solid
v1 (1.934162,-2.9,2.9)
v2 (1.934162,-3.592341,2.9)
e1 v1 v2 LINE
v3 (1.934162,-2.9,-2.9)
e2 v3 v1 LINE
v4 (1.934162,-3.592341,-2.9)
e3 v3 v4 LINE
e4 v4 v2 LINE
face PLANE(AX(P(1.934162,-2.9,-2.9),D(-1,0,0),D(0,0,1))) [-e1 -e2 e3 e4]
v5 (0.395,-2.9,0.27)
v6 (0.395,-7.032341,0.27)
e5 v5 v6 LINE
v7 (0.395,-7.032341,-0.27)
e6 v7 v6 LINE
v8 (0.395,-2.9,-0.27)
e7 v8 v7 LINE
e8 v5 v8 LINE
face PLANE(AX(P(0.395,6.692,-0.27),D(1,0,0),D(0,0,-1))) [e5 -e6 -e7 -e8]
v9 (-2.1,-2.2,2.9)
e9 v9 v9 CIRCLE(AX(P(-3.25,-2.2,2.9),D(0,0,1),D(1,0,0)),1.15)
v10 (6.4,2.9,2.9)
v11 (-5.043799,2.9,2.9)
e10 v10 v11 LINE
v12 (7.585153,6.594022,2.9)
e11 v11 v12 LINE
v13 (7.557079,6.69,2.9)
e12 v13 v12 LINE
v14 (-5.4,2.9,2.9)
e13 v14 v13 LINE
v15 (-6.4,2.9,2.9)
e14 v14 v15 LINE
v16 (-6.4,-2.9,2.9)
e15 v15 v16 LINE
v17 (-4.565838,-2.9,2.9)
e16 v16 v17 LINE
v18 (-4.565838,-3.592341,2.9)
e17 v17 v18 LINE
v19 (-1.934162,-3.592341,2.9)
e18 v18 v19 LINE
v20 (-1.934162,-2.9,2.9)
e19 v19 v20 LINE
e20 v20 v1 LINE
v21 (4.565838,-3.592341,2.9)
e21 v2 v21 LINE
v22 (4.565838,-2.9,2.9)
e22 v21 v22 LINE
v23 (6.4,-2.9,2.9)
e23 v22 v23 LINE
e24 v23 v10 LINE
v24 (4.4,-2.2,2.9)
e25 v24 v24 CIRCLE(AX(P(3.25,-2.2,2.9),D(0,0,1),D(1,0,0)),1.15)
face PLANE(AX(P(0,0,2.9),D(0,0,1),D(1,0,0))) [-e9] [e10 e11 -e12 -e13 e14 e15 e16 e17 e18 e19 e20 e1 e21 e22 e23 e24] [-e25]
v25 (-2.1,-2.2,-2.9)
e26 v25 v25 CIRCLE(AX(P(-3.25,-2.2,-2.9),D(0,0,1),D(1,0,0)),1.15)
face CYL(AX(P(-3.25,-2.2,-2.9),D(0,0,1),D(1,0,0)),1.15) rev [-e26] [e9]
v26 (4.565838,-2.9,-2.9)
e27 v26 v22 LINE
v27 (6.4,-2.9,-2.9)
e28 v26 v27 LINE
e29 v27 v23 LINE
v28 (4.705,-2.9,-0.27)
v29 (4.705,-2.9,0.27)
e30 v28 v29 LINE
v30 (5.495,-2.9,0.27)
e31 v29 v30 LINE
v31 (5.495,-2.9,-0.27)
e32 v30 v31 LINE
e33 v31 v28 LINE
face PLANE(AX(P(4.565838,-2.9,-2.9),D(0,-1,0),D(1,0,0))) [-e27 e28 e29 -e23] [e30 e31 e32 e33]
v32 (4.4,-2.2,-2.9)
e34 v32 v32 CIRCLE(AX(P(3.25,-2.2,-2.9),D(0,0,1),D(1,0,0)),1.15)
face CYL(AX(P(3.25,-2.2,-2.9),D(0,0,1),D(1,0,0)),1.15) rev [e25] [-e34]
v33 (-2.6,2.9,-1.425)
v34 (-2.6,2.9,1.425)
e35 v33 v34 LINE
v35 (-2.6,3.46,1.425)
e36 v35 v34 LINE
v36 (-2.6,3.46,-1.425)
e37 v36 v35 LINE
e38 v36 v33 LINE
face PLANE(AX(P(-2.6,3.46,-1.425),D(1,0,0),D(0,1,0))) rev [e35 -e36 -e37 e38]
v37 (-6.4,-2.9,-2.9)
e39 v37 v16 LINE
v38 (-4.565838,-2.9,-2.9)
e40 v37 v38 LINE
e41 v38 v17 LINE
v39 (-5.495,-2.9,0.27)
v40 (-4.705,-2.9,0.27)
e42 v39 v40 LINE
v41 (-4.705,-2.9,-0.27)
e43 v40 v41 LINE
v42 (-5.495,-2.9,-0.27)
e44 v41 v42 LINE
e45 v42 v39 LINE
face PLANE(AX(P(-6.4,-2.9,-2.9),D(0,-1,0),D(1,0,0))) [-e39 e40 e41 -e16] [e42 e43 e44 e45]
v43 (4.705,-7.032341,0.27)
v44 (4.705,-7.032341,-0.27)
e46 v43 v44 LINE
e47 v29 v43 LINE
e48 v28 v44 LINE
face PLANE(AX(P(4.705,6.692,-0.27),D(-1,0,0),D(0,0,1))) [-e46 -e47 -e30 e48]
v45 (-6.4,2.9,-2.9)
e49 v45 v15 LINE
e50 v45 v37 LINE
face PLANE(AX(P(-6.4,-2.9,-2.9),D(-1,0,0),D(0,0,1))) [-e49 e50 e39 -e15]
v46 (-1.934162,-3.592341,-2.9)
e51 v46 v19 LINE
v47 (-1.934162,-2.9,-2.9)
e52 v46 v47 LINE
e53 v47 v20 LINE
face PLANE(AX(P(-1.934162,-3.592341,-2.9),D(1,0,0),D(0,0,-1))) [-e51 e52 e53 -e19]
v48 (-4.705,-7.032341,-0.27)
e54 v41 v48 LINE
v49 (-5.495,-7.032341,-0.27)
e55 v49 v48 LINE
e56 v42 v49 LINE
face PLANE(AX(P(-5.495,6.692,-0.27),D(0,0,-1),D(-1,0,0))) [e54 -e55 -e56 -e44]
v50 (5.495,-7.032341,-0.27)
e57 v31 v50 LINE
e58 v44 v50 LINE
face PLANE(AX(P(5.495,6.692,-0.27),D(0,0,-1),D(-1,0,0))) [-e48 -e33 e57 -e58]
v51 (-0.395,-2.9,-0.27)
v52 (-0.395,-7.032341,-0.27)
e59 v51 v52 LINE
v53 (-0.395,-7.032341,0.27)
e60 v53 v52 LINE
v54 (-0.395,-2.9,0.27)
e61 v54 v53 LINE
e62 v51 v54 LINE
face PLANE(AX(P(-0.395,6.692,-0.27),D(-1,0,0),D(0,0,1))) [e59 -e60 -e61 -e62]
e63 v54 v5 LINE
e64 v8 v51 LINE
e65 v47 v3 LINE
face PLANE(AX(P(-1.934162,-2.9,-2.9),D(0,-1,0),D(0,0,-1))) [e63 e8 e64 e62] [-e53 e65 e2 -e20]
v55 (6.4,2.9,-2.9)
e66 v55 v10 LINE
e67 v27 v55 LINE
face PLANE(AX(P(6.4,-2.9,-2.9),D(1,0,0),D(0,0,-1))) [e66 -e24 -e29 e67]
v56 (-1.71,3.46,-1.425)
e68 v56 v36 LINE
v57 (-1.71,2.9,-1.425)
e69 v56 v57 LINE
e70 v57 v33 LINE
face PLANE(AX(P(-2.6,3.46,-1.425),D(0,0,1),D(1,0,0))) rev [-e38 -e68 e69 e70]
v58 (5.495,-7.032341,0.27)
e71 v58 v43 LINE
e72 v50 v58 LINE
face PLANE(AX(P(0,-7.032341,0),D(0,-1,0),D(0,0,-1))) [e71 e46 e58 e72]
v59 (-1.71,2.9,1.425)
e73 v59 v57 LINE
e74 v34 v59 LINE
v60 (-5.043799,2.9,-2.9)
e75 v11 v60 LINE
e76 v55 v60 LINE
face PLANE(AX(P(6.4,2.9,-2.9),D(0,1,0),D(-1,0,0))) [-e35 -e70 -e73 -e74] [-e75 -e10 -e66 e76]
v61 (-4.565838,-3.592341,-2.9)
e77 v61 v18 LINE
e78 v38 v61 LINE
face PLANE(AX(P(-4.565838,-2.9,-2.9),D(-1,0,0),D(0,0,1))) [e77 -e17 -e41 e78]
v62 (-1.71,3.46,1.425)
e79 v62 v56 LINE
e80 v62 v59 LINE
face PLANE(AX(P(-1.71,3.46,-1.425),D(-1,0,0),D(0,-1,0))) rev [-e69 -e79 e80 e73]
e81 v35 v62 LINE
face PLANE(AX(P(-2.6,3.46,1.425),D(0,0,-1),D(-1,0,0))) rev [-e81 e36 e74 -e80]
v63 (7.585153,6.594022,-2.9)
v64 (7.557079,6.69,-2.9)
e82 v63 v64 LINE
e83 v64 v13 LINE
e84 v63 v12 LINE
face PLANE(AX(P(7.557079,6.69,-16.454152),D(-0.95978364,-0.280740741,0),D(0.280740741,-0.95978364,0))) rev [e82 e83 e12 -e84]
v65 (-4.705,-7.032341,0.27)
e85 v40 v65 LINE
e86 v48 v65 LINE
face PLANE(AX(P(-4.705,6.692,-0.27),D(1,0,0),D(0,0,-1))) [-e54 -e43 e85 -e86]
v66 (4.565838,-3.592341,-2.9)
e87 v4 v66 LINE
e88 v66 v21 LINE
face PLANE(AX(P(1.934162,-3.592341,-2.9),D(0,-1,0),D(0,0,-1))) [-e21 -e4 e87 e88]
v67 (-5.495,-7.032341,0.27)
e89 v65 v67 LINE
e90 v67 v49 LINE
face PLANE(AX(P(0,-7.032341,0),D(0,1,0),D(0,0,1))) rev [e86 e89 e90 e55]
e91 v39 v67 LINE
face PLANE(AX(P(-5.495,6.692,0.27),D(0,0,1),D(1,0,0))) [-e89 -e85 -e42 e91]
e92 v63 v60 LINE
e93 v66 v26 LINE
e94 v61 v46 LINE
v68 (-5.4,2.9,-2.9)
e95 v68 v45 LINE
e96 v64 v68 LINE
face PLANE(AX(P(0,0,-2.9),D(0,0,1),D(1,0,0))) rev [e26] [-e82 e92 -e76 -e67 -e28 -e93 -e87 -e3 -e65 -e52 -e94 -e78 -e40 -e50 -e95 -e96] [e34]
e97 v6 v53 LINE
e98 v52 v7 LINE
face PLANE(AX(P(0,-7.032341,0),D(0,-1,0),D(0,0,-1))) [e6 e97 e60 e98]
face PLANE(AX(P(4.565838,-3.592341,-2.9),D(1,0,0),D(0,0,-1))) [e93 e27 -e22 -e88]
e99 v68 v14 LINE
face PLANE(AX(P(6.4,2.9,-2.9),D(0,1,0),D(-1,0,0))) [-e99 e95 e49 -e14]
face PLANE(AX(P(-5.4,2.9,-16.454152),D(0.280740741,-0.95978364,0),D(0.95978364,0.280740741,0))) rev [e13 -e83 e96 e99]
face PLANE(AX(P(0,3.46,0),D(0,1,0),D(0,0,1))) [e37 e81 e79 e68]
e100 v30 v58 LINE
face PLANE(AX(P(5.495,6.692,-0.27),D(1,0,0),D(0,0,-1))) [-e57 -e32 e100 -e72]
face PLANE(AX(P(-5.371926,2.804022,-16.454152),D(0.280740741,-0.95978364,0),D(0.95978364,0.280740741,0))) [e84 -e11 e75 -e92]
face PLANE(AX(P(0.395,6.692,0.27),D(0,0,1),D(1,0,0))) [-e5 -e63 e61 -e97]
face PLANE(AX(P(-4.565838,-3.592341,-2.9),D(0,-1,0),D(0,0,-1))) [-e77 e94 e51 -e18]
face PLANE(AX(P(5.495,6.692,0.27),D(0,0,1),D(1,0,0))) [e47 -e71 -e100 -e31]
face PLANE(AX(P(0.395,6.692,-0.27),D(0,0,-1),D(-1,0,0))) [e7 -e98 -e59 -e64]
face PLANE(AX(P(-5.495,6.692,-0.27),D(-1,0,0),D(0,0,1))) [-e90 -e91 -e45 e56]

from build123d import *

# Parameters (mm, degrees)
SKETCH1_R           = 1.15
BOSS_EXTRUDE1_DEPTH = 2.9
EXTRUDE_THIN1_DEPTH = 5.8
BOSS_EXTRUDE2_REACH = 15.722
SKETCH4_W           = 0.79
SKETCH4_H           = 0.54
SKETCH5_W           = 0.89
SKETCH5_H           = 2.85
BOSS_EXTRUDE3_DEPTH = 0.56


with BuildPart() as part:
    # Sketch1 → Boss-Extrude1 (new body, symmetric)
    with BuildSketch(Plane.XY):
        Polygon((-6.4, -2.9), (-4.565838245, -2.9), (-4.565838245, -3.592341201), (-1.934161755, -3.592341201), (-1.934161755, -2.9), (1.934161755, -2.9), (1.934161755, -3.592341201), (4.565838245, -3.592341201), (4.565838245, -2.9), (6.4, -2.9), (6.4, 2.9), (-6.4, 2.9), align=None)
        with Locations((-3.25, -2.2)):
            Circle(SKETCH1_R, mode=Mode.SUBTRACT)
        with Locations((3.25, -2.2)):
            Circle(SKETCH1_R, mode=Mode.SUBTRACT)
    extrude(amount=BOSS_EXTRUDE1_DEPTH, both=True)

    # Sketch2 → Extrude-Thin1 (add)
    with BuildSketch(Plane.XY.offset(2.9)):
        Polygon((-5.4, 2.9), (7.557079146, 6.69), (7.58515322, 6.594021636), (-5.371925926, 2.804021636), align=None)
    extrude(amount=-EXTRUDE_THIN1_DEPTH)

    # Sketch4 → Boss-Extrude2 (add, up to next)
    with BuildSketch(Plane(origin=(0, -7.032341201, 0), x_dir=(-1, 0, 0), z_dir=(0, -1, 0)), mode=Mode.PRIVATE) as boss_extrude2_sk1:
        Rectangle(SKETCH4_W, SKETCH4_H)
    boss_extrude2_tool1 = extrude(boss_extrude2_sk1.sketch, amount=-BOSS_EXTRUDE2_REACH, mode=Mode.PRIVATE) - part.part
    add(boss_extrude2_tool1.solids().sort_by_distance((0, -7.032341, 0))[0])
    # Sketch4 → Boss-Extrude2 (add, up to next)
    with BuildSketch(Plane(origin=(0, -7.032341201, 0), x_dir=(-1, 0, 0), z_dir=(0, -1, 0)), mode=Mode.PRIVATE) as boss_extrude2_sk2:
        with Locations((5.1, 0)):
            Rectangle(SKETCH4_W, SKETCH4_H)
    boss_extrude2_tool2 = extrude(boss_extrude2_sk2.sketch, amount=-BOSS_EXTRUDE2_REACH, mode=Mode.PRIVATE) - part.part
    add(boss_extrude2_tool2.solids().sort_by_distance((-5.1, -7.032341, 0))[0])
    # Sketch4 → Boss-Extrude2 (add, up to next)
    with BuildSketch(Plane(origin=(0, -7.032341201, 0), x_dir=(-1, 0, 0), z_dir=(0, -1, 0)), mode=Mode.PRIVATE) as boss_extrude2_sk3:
        with Locations((-5.1, 0)):
            Rectangle(SKETCH4_W, SKETCH4_H)
    boss_extrude2_tool3 = extrude(boss_extrude2_sk3.sketch, amount=-BOSS_EXTRUDE2_REACH, mode=Mode.PRIVATE) - part.part
    add(boss_extrude2_tool3.solids().sort_by_distance((5.1, -7.032341, 0))[0])

    # Sketch5 → Boss-Extrude3 (add)
    with BuildSketch(Plane(origin=(0, 2.9, 0), x_dir=(1, 0, 0), z_dir=(0, 1, 0))):
        with Locations((-2.155, 0)):
            Rectangle(SKETCH5_W, SKETCH5_H)
    extrude(amount=BOSS_EXTRUDE3_DEPTH)


solid = part.part
